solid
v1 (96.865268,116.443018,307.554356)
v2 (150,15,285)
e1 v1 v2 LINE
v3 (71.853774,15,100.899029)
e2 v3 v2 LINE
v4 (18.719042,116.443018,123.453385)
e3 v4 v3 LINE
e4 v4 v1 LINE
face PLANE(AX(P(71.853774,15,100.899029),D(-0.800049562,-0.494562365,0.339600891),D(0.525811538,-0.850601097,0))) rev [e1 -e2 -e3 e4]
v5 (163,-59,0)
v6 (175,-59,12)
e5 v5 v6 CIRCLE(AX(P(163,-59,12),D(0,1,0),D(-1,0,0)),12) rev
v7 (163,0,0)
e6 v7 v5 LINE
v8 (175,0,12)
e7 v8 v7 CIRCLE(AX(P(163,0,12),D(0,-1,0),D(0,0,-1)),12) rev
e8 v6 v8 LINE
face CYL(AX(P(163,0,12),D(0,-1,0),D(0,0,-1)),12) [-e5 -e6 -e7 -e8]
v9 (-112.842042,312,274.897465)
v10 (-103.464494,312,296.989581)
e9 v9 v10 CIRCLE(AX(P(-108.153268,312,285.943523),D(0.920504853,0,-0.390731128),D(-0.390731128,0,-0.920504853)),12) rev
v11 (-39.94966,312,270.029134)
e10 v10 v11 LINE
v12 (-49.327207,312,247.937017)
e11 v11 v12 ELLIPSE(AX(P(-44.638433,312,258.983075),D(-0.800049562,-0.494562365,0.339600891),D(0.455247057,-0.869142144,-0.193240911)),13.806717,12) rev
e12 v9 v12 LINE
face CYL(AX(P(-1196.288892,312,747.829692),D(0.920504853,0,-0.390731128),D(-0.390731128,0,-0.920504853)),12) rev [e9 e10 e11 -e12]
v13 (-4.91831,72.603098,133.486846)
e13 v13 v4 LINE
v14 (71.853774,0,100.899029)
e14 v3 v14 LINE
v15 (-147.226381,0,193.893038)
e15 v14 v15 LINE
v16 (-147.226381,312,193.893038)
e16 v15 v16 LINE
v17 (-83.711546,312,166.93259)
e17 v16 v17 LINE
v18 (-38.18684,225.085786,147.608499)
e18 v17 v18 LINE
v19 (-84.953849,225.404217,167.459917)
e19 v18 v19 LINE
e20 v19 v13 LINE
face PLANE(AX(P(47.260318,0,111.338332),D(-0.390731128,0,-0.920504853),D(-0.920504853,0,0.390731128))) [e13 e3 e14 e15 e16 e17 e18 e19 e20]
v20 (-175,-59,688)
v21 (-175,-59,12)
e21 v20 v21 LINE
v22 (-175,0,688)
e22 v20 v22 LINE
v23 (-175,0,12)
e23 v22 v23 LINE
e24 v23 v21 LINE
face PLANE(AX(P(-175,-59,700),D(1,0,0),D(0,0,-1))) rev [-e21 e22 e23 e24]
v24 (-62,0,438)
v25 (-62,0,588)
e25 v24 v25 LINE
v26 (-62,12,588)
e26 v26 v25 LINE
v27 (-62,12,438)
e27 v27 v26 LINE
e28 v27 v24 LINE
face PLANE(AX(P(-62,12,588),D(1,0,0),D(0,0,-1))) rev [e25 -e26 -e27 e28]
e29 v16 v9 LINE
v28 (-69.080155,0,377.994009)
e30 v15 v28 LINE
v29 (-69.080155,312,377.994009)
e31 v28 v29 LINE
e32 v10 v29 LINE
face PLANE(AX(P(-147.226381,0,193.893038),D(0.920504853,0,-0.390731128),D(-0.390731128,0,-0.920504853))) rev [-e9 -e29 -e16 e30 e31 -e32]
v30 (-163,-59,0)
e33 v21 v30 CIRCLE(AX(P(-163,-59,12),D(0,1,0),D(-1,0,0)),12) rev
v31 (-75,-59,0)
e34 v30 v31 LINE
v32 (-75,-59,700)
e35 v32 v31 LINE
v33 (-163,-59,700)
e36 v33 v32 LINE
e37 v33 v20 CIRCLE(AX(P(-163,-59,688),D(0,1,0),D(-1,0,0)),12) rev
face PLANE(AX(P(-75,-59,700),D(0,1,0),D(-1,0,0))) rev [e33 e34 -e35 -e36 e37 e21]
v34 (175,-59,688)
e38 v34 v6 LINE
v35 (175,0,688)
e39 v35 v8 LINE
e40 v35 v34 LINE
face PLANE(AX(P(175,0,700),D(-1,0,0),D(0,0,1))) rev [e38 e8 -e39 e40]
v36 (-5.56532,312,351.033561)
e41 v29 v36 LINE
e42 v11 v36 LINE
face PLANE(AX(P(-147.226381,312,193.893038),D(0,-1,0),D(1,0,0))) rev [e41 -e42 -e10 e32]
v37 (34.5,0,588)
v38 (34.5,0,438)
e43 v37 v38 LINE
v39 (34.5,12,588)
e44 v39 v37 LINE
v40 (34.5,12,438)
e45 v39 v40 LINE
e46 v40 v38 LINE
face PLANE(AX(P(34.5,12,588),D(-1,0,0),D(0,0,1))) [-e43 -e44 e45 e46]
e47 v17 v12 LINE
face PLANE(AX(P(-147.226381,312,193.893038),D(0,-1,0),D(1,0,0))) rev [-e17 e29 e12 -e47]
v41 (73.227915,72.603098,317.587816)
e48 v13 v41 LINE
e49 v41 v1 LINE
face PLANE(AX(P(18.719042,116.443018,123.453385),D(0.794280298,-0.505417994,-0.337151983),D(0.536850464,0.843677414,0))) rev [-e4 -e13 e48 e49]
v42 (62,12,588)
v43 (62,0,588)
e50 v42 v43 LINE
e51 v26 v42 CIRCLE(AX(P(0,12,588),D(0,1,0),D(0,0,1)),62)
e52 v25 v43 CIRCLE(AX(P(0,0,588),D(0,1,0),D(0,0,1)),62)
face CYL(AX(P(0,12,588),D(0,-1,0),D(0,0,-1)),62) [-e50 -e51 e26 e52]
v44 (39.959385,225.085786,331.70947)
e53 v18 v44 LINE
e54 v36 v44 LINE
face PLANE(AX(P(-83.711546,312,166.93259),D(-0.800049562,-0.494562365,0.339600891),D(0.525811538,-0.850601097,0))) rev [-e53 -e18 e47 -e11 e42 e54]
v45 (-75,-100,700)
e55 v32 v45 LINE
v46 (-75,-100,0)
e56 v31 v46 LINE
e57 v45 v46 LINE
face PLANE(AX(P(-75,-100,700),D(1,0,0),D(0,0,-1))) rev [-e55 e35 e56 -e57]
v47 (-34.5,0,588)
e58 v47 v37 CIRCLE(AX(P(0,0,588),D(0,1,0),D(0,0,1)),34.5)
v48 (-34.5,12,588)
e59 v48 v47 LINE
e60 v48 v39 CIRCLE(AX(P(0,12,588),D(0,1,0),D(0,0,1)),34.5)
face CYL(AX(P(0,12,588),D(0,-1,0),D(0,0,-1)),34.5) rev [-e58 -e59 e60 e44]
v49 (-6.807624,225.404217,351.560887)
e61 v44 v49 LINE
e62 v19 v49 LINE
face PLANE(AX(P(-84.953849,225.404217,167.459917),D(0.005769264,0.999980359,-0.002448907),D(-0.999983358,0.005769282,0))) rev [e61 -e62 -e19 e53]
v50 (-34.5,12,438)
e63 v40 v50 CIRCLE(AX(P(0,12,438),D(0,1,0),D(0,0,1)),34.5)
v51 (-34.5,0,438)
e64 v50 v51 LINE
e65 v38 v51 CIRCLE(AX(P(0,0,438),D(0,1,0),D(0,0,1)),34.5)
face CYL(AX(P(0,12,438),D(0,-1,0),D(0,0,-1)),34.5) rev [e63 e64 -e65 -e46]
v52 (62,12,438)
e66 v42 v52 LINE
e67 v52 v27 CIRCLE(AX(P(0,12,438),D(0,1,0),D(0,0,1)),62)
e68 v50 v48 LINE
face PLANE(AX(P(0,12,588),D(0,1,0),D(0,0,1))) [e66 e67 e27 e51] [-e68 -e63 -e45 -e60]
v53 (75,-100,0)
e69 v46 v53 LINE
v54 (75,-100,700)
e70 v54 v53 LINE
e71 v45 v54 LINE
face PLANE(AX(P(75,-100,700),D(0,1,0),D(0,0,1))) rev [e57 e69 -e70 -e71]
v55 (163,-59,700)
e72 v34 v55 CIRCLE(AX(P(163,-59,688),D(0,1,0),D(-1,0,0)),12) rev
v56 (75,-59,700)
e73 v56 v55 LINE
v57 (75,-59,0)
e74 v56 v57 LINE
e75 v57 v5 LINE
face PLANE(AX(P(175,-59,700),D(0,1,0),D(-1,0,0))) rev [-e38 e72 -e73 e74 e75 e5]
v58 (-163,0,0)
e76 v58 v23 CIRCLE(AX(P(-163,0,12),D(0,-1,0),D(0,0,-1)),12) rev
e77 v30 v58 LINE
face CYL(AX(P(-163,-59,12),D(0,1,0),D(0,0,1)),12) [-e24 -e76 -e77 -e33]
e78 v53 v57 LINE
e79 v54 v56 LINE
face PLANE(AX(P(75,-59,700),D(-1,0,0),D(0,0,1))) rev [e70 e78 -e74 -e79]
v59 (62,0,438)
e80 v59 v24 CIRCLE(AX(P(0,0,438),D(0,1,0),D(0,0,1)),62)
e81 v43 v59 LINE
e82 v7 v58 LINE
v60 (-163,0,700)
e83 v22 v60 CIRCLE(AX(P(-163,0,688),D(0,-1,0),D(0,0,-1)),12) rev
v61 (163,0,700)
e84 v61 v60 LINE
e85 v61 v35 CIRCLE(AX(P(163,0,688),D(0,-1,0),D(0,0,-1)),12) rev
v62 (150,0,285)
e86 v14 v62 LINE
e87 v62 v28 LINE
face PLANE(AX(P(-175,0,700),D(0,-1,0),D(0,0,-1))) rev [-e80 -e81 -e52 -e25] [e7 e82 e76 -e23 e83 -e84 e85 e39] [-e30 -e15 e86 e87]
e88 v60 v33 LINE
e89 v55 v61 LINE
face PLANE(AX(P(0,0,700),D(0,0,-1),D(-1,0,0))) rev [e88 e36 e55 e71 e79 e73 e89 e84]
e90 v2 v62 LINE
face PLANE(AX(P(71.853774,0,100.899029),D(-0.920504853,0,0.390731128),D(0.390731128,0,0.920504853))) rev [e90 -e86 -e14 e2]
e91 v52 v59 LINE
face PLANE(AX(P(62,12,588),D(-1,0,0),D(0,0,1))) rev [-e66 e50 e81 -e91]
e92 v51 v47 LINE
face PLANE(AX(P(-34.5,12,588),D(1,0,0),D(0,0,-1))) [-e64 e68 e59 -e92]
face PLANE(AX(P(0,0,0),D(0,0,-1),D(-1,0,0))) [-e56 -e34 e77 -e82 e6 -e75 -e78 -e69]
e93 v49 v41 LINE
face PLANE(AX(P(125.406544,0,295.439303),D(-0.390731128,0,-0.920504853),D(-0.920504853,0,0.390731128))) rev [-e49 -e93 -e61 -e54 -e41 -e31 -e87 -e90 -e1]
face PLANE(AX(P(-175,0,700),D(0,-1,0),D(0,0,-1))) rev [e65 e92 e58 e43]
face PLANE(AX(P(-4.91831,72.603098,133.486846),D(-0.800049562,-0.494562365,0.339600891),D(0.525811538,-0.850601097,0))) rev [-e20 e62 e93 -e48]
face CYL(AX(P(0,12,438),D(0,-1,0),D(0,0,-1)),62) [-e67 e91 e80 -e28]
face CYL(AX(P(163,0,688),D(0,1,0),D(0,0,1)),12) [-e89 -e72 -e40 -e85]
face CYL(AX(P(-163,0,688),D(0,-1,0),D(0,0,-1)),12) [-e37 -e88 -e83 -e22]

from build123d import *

# Parameters (mm, degrees)
BOSS_EXTRUDE1_DEPTH     = 700
FILLET1_R               = 12
BOSS_EXTRUDE2_DEPTH     = 12
BOSS_EXTRUDE3_DEPTH     = 200
CUT_EXTRUDE1_DEPTH      = 785.28509614
CUT_EXTRUDE1_DEPTH_BACK = 785.28509614


with BuildPart() as part:
    # Sketch1 → Boss-Extrude1 (new body)
    with BuildSketch(Plane.XY):
        Polygon((-175, 0), (175, 0), (175, -59), (75, -59), (75, -100), (-75, -100), (-75, -59), (-175, -59), align=None)
    extrude(amount=BOSS_EXTRUDE1_DEPTH)

    # Fillet1
    fillet1_edges = [part.edges().sort_by_distance(p)[0] for p in [
        (-175, -29.5, 0),
        (175, -29.5, 700),
        (-175, -29.5, 700),
        (175, -29.5, 0),
    ]]
    fillet(fillet1_edges, radius=FILLET1_R)

    # Sketch2 → Boss-Extrude2 (add)
    with BuildSketch(Plane(origin=(0, 0, 0), x_dir=(1, 0, 0), z_dir=(0, 1, 0))):
        with BuildLine():
            Line((-62, -588), (-62, -438))
            ThreePointArc((-62, -438), (0, -376), (62, -438))
            Line((62, -438), (62, -588))
            ThreePointArc((62, -588), (0, -650), (-62, -588))
        make_face()
        with BuildLine():
            Line((-34.5, -588), (-34.5, -438))
            ThreePointArc((-34.5, -438), (0, -403.5), (34.5, -438))
            Line((34.5, -438), (34.5, -588))
            ThreePointArc((34.5, -588), (0, -622.5), (-34.5, -588))
        make_face(mode=Mode.SUBTRACT)
    extrude(amount=BOSS_EXTRUDE2_DEPTH)

    # Sketch4 → Boss-Extrude3 (add)
    with BuildSketch(Plane(origin=(125.406543764, 0, 295.439302816), x_dir=(-0.9205048534524398, 0, 0.39073112848927494), z_dir=(-0.39073112848927494, 0, -0.9205048534524398))):
        Polygon((-26.717356398, 0), (211.282643602, 0), (211.282643602, 312), (142.282643602, 312), (92.826407103, 225.085785562), (143.632232896, 225.404217347), (56.684794392, 72.60309761), (31.00611148, 116.443017514), (-26.717356398, 15), align=None)
    extrude(amount=BOSS_EXTRUDE3_DEPTH)

    # Sketch5 → Cut-Extrude1 (cut, two sides: drawn at the far end of the back side and taken through both)
    with BuildSketch(Plane(origin=(-194.486698886, 0, 82.554705765), x_dir=(0.39073112848927494, 0, 0.9205048534524398), z_dir=(-0.9205048534524398, 0, 0.39073112848927494)).offset(-CUT_EXTRUDE1_DEPTH_BACK)):
        with BuildLine():
            Line((208.953552507, 1623.592968805), (208.953552507, 312))
            ThreePointArc((208.953552507, 312), (220.953552507, 300), (232.953552507, 312))
            Line((232.953552507, 312), (232.953552507, 1623.592968805))
            Line((232.953552507, 1623.592968805), (232.953552507, 4246.778906414))
            Line((232.953552507, 4246.778906414), (208.953552507, 4246.778906414))
            Line((208.953552507, 4246.778906414), (208.953552507, 1623.592968805))
        make_face()
    extrude(amount=CUT_EXTRUDE1_DEPTH + CUT_EXTRUDE1_DEPTH_BACK, mode=Mode.SUBTRACT)


solid = part.part
